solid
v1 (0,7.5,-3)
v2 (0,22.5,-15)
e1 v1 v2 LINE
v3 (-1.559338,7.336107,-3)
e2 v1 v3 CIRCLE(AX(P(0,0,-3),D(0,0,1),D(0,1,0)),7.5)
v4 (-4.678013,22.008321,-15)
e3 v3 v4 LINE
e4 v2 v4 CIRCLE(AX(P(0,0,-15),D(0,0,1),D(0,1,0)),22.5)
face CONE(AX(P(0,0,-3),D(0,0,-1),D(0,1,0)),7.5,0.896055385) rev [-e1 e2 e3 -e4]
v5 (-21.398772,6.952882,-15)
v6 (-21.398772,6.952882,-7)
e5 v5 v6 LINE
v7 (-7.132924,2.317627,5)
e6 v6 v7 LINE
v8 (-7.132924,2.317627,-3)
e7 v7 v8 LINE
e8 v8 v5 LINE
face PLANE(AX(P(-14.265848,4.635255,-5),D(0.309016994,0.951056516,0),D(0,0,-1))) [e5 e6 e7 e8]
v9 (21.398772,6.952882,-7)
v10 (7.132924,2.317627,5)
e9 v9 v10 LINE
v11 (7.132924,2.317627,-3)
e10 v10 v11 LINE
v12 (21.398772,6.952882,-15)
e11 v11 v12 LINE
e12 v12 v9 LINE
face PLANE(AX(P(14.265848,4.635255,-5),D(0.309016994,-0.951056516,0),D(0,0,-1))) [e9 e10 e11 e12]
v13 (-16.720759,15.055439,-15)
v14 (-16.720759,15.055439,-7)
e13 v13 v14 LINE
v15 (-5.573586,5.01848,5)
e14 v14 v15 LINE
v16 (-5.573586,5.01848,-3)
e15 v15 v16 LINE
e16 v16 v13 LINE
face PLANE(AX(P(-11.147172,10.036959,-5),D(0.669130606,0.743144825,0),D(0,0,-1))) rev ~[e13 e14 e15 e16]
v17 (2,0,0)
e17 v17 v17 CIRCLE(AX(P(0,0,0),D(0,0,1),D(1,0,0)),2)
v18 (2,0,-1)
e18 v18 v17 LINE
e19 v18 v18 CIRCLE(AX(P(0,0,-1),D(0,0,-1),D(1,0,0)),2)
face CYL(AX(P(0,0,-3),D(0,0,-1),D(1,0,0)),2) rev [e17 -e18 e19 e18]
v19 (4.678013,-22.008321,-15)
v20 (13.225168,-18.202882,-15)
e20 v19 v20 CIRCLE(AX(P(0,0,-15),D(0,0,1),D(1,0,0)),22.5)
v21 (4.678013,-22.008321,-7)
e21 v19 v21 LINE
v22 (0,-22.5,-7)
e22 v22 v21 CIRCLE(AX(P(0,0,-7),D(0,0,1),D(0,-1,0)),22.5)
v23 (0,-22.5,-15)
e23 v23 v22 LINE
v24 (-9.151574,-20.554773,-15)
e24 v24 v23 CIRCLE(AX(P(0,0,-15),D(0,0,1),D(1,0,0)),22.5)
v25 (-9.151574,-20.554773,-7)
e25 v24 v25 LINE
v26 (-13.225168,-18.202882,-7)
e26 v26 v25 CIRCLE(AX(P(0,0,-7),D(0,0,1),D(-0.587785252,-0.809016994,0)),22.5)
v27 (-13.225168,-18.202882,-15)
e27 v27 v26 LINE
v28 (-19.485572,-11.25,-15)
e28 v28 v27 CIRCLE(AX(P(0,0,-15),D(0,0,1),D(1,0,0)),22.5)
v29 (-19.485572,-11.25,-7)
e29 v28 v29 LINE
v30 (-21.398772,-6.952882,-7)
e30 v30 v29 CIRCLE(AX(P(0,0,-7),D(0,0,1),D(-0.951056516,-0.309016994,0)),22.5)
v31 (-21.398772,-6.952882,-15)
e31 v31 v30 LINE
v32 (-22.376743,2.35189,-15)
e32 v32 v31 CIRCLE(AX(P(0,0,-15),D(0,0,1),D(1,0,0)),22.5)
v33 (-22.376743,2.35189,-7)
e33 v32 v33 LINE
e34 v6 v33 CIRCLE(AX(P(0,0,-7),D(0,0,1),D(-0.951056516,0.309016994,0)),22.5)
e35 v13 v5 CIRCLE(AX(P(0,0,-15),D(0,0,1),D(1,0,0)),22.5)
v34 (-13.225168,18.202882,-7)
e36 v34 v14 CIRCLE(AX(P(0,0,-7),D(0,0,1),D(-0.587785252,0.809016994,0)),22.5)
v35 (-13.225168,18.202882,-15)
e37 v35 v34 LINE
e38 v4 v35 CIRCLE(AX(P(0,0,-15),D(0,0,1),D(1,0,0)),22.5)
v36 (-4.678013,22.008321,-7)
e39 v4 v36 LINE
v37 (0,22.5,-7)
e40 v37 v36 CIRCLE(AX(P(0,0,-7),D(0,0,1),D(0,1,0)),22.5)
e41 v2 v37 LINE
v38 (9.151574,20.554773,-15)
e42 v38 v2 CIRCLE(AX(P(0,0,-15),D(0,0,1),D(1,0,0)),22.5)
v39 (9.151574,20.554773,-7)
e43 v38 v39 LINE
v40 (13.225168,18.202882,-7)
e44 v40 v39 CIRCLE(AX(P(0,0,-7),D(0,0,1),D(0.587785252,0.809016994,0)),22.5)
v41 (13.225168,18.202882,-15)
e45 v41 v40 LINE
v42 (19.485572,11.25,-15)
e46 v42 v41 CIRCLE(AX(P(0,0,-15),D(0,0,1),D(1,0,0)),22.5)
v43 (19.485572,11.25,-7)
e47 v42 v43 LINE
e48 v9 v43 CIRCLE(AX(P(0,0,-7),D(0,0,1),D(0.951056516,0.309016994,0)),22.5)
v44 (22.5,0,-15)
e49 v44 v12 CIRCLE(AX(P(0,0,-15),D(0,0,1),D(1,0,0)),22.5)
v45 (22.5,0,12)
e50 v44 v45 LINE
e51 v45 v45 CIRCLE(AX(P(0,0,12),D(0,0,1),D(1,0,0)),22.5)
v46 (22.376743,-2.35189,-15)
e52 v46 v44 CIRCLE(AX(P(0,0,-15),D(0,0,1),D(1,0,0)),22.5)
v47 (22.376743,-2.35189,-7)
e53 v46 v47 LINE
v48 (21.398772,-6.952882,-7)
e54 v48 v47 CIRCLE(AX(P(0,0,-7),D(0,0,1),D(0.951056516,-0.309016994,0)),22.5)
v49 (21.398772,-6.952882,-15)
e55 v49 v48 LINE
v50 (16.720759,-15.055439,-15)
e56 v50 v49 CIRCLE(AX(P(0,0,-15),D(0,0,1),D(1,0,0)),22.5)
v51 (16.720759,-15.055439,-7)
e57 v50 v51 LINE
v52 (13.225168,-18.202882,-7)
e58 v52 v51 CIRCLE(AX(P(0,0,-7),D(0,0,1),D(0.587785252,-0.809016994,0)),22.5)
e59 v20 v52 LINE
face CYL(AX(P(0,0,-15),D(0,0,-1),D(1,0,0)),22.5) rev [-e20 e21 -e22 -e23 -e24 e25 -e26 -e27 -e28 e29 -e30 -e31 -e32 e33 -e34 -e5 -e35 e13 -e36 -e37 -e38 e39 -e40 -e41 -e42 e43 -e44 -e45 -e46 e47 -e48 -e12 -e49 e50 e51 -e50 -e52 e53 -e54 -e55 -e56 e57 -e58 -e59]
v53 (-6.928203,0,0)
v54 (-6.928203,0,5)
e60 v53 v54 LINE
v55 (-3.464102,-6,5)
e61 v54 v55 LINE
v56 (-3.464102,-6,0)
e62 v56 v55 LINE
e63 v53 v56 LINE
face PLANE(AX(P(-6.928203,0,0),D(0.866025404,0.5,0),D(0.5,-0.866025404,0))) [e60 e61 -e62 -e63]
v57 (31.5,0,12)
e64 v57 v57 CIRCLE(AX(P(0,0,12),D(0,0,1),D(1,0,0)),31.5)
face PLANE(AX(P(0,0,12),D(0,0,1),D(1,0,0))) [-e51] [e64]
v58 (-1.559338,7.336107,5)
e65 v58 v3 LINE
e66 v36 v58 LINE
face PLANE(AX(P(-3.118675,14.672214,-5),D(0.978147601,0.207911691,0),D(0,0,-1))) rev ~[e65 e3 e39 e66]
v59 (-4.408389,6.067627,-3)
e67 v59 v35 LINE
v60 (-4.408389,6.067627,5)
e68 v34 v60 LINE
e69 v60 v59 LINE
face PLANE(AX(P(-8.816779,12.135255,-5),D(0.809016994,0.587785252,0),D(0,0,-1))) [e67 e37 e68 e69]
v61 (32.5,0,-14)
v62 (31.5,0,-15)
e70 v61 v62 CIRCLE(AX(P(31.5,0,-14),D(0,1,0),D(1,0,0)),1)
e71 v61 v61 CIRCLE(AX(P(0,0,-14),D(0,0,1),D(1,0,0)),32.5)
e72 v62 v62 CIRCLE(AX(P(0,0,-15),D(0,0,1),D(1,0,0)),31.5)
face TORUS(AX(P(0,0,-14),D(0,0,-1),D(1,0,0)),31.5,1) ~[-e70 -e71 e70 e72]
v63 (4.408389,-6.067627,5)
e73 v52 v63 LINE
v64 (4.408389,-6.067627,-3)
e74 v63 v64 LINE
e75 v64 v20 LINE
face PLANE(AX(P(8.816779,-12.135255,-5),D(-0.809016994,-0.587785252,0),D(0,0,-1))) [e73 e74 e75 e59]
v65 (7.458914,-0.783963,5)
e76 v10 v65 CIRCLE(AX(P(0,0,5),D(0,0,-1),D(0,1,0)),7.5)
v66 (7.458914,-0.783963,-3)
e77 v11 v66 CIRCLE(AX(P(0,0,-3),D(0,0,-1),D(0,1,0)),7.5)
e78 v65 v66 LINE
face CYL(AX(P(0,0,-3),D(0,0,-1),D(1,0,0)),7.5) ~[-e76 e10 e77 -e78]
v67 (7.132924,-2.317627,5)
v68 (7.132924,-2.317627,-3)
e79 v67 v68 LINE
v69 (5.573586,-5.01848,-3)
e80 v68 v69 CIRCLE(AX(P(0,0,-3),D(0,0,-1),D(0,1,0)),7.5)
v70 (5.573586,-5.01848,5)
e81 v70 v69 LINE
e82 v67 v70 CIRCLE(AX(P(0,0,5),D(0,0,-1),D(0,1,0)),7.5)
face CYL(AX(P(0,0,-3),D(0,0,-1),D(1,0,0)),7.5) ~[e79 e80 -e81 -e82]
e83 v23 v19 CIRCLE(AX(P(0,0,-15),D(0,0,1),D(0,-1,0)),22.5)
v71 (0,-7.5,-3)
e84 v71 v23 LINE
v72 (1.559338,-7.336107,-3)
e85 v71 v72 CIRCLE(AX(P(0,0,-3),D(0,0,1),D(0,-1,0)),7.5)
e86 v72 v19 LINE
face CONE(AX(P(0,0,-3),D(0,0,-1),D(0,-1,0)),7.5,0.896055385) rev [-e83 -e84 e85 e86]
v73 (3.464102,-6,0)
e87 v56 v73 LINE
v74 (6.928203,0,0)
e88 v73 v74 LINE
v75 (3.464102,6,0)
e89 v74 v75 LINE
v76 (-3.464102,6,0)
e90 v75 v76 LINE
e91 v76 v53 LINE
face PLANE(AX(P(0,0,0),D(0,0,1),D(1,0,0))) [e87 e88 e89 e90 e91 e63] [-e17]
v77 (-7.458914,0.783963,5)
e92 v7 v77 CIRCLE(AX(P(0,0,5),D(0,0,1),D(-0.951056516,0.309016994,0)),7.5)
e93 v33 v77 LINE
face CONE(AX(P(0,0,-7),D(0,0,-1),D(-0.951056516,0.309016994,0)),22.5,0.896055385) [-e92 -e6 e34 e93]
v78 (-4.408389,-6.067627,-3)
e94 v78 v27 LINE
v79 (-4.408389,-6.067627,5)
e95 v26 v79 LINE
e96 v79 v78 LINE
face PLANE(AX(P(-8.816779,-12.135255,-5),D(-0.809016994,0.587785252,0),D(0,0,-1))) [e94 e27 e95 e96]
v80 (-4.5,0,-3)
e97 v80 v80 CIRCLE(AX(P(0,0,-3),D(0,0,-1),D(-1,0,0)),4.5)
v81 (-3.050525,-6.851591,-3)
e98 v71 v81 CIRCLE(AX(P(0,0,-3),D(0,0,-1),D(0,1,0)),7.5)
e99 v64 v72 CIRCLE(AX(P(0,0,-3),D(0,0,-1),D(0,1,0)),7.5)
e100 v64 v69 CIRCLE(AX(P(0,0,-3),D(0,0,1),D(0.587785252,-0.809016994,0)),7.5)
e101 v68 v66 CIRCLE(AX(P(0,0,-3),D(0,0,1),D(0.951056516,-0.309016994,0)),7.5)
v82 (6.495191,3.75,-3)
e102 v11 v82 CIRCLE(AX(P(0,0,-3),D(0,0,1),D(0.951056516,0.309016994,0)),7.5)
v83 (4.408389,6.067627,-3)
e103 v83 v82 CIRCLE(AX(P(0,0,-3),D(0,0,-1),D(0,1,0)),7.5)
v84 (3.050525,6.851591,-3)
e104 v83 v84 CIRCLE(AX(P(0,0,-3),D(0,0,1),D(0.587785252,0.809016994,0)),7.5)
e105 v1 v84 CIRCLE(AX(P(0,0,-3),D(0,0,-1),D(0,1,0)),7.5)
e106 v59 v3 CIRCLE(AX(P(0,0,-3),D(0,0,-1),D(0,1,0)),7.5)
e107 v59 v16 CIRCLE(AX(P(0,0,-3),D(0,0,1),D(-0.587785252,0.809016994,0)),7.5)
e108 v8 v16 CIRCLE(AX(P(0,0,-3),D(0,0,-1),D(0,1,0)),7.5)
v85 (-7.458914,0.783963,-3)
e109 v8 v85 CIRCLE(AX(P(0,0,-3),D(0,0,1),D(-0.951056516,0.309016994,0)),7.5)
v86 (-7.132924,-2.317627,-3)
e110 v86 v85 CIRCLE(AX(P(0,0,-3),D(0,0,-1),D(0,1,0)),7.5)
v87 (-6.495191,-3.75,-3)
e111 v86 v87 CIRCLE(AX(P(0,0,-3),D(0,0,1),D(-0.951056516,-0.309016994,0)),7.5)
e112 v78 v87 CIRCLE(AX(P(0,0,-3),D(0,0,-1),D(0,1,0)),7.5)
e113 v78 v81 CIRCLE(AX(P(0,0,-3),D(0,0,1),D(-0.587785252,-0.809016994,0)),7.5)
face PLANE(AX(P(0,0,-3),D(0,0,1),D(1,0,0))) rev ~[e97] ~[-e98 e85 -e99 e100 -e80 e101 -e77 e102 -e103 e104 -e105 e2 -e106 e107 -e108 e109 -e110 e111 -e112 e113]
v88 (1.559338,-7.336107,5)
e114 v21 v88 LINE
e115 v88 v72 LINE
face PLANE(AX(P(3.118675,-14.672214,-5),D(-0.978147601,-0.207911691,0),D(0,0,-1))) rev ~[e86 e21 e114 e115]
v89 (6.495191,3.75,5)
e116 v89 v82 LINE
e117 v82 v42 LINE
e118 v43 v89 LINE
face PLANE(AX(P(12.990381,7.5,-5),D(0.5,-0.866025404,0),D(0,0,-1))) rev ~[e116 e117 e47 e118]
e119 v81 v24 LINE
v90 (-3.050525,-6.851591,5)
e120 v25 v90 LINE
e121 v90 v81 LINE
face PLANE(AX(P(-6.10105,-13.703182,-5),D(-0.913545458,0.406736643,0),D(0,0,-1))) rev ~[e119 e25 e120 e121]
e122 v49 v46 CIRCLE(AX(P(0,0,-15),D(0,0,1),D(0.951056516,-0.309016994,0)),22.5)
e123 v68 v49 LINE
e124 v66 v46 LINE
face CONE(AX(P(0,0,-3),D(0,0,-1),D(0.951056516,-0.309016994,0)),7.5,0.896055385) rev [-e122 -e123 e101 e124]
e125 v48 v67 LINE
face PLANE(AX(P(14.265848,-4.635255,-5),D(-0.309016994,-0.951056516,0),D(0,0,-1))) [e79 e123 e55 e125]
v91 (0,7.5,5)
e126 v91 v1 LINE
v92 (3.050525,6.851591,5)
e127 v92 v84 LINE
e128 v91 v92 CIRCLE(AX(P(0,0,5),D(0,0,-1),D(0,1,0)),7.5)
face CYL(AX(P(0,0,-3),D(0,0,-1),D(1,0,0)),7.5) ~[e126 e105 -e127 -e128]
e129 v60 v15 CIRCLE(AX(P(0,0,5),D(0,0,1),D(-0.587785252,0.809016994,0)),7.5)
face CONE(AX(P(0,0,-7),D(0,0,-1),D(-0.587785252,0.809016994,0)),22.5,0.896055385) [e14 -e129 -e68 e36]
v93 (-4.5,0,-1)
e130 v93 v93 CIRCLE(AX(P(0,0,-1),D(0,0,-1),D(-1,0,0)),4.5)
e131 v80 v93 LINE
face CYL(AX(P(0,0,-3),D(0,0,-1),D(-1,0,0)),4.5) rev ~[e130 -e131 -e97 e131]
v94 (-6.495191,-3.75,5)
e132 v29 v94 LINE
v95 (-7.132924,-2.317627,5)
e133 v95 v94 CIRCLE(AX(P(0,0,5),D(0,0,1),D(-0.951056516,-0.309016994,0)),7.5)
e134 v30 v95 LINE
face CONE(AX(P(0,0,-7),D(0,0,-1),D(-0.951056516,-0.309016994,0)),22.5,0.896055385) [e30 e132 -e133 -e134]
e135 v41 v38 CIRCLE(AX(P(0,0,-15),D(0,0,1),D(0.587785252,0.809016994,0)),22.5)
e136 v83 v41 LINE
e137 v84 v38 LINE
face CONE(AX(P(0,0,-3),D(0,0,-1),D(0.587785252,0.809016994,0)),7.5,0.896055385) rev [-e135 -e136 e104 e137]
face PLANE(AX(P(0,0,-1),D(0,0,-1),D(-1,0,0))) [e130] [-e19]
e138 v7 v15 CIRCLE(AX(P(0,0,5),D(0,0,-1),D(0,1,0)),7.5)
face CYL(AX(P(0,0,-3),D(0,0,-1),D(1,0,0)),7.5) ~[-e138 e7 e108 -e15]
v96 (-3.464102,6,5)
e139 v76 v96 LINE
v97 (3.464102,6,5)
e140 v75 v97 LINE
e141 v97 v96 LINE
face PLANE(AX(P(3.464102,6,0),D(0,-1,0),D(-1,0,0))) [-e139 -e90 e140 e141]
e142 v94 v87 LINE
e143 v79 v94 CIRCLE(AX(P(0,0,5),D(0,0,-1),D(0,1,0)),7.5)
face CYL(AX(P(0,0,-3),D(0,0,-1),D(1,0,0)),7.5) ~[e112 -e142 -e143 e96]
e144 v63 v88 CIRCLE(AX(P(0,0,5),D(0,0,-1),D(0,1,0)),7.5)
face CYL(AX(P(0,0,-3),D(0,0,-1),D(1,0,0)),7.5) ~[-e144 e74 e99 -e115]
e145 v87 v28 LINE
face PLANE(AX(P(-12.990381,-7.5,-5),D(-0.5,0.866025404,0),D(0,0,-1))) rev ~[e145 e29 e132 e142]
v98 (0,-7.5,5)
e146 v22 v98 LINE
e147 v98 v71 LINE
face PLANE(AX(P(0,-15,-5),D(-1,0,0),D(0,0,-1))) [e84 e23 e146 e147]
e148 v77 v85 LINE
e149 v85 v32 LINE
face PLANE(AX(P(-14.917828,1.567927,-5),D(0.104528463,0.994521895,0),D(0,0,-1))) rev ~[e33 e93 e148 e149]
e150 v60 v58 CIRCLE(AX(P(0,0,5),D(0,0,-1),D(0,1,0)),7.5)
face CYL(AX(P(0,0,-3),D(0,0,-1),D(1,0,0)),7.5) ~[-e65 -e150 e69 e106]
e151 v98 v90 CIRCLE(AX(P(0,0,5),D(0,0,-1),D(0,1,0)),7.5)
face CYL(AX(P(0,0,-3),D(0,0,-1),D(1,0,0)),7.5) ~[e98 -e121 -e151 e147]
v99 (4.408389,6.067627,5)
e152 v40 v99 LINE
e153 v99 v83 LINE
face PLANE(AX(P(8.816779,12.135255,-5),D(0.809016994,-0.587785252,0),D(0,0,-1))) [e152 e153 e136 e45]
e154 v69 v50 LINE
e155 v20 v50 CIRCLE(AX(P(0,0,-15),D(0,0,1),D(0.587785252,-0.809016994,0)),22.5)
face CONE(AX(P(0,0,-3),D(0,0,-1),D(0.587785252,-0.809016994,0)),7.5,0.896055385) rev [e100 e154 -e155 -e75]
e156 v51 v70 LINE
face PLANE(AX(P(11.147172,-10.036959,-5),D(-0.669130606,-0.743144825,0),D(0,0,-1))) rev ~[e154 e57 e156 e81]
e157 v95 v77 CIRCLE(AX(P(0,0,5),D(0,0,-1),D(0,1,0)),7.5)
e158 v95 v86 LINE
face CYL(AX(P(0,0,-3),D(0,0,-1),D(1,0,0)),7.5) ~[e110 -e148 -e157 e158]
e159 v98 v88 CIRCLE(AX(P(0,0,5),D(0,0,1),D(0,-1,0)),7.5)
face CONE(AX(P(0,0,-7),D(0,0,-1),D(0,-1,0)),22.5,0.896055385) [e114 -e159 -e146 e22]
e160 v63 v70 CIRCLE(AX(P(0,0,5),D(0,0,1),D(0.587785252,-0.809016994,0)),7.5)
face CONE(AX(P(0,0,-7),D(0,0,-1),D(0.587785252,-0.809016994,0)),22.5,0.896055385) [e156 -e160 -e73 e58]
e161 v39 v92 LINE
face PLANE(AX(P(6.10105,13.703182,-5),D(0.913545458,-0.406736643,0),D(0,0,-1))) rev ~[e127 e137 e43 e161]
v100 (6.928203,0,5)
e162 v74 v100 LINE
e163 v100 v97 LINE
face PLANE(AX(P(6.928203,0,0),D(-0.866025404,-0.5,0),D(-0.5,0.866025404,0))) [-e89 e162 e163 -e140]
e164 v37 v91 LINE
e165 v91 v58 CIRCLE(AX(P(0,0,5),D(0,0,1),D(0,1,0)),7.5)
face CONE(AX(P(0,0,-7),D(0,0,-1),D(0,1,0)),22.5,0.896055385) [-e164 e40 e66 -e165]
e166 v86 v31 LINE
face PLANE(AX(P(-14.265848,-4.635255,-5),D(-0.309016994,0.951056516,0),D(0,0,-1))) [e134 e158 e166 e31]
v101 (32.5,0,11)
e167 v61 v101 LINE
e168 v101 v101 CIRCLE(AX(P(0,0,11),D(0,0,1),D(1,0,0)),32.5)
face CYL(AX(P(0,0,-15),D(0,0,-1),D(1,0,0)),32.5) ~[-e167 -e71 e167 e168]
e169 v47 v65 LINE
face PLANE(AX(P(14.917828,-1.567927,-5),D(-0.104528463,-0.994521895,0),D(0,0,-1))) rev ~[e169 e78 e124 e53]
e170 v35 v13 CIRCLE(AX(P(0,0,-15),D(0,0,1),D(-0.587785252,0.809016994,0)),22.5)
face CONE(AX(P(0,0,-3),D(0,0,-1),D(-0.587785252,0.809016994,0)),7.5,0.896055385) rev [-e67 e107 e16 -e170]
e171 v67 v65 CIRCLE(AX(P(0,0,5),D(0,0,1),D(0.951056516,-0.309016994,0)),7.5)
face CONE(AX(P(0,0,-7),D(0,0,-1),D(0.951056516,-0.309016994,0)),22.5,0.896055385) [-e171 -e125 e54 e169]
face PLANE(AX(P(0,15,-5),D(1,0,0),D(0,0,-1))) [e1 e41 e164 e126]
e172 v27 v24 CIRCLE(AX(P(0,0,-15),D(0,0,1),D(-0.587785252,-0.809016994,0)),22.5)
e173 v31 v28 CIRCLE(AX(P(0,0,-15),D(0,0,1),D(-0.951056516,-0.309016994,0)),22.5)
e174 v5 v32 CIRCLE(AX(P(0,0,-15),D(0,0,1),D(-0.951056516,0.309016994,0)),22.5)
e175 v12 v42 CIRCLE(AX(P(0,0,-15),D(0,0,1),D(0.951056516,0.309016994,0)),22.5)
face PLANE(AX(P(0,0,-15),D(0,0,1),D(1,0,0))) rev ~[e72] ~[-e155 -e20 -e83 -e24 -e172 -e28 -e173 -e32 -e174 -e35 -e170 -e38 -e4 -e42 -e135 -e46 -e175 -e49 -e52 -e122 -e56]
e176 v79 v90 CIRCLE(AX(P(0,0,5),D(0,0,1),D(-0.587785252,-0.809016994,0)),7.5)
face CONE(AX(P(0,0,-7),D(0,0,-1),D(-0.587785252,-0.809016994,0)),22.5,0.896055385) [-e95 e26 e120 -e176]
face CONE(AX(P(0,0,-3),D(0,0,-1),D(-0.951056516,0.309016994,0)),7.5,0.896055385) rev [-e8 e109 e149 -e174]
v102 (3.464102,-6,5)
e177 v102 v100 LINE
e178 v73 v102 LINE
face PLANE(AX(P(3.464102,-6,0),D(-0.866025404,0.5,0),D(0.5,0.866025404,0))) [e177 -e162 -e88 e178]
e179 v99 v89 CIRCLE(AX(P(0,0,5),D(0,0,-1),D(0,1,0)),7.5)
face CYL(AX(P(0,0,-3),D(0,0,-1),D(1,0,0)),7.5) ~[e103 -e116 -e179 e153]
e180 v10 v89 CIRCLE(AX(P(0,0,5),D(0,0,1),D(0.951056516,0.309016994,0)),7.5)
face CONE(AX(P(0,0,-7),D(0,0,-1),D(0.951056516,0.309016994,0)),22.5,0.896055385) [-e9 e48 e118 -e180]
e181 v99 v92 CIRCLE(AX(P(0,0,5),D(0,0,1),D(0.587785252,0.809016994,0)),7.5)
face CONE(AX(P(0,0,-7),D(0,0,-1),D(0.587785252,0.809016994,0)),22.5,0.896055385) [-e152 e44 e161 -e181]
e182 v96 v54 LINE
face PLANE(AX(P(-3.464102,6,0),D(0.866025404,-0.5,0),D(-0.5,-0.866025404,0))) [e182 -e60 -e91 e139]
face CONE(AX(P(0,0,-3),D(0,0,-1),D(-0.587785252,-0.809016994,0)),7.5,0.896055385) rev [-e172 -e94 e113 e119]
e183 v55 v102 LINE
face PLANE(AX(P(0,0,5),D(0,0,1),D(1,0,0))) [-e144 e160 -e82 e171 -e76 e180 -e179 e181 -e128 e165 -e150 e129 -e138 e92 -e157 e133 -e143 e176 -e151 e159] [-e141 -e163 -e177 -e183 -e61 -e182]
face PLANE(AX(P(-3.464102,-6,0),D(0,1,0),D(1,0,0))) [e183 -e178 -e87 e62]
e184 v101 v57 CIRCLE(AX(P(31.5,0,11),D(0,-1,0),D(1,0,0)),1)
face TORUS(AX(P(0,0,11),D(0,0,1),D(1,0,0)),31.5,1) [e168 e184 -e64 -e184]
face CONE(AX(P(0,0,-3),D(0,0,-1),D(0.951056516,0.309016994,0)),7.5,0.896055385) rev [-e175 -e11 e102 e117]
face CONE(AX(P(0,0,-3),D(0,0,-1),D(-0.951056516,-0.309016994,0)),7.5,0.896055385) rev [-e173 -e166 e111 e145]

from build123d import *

# Parameters (mm, degrees)
SKETCH_1_R               = 7.5
EXTRUDE_1_DEPTH          = 5
EXTRUDE_START            = -3
SKETCH_2_R               = 7.5
SKETCH_2_R_2             = 2
EXTRUDE_2_DEPTH          = 3
EXTRUDE_3_DEPTH          = 12
EXTRUDE_3_DEPTH_BACK     = 15
SKETCH_3_R               = 32.5
SKETCH_3_R_2             = 22.5
REVOLVE_1_ANGLE          = 12
PATTERN_CIRCULAR_1_COUNT = 10
SKETCH_5_R               = 4.5
CUT_EXTRUDE_1_DEPTH      = 2
FILLET_1_R               = 1


with BuildPart() as part:
    # 草图1 → 凸台-拉伸1 (new body)
    with BuildSketch(Plane.XY):
        Circle(SKETCH_1_R)
        Polygon((-6.92820323, 0), (-3.464101615, -6), (3.464101615, -6), (6.92820323, 0), (3.464101615, 6), (-3.464101615, 6), align=None, mode=Mode.SUBTRACT)
    extrude(amount=EXTRUDE_1_DEPTH)

    # 草图2 → 凸台-拉伸2 (add)
    with BuildSketch(Plane.XY.offset(EXTRUDE_START)):
        Circle(SKETCH_2_R)
        Circle(SKETCH_2_R_2, mode=Mode.SUBTRACT)
    extrude(amount=EXTRUDE_2_DEPTH)



with BuildPart() as body_2:
    # 草图3 → 凸台-拉伸3 (new, two sides: drawn at the far end of the back side and taken through both)
    with BuildSketch(Plane.XY.offset(-EXTRUDE_3_DEPTH_BACK)):
        Circle(SKETCH_3_R)
        Circle(SKETCH_3_R_2, mode=Mode.SUBTRACT)
    extrude(amount=EXTRUDE_3_DEPTH + EXTRUDE_3_DEPTH_BACK)


with BuildPart() as part_1:
    add(part.part)

    add(body_2.part)  # 旋转1 merges body 2
    # 草图4 → 旋转1 (revolve)
    with BuildSketch(Plane(origin=(0, 0, 0), x_dir=(0, 0, -1), z_dir=(1, 0, 0))):
        Polygon((-5, 7.5), (3, 7.5), (15, 22.5), (7, 22.5), align=None)
    revolve_1 = revolve(axis=Axis((0, 0, -16.35), (0, 0, 1)), revolution_arc=REVOLVE_1_ANGLE)

    # 阵列(圆周)1: 旋转1 ×10 about axis
    pattern_circular_1_axis = Axis((0, 0, 0), (0, 0, 1))
    for i in range(1, PATTERN_CIRCULAR_1_COUNT):
        add(revolve_1.rotate(pattern_circular_1_axis, i * 360 / PATTERN_CIRCULAR_1_COUNT))

    # 草图5 → 切除-拉伸1 (cut)
    with BuildSketch(Plane(origin=(0, 0, -3), x_dir=(-1, 0, 0), z_dir=(0, 0, -1))):
        Circle(SKETCH_5_R)
    extrude(amount=-CUT_EXTRUDE_1_DEPTH, mode=Mode.SUBTRACT)

    # 圆角1
    fillet_1_edges = [part_1.edges().sort_by_distance(p)[0] for p in [
        (-32.5, 0, -15),
        (-32.5, 0, 12),
    ]]
    fillet(fillet_1_edges, radius=FILLET_1_R)


solid = part_1.part
